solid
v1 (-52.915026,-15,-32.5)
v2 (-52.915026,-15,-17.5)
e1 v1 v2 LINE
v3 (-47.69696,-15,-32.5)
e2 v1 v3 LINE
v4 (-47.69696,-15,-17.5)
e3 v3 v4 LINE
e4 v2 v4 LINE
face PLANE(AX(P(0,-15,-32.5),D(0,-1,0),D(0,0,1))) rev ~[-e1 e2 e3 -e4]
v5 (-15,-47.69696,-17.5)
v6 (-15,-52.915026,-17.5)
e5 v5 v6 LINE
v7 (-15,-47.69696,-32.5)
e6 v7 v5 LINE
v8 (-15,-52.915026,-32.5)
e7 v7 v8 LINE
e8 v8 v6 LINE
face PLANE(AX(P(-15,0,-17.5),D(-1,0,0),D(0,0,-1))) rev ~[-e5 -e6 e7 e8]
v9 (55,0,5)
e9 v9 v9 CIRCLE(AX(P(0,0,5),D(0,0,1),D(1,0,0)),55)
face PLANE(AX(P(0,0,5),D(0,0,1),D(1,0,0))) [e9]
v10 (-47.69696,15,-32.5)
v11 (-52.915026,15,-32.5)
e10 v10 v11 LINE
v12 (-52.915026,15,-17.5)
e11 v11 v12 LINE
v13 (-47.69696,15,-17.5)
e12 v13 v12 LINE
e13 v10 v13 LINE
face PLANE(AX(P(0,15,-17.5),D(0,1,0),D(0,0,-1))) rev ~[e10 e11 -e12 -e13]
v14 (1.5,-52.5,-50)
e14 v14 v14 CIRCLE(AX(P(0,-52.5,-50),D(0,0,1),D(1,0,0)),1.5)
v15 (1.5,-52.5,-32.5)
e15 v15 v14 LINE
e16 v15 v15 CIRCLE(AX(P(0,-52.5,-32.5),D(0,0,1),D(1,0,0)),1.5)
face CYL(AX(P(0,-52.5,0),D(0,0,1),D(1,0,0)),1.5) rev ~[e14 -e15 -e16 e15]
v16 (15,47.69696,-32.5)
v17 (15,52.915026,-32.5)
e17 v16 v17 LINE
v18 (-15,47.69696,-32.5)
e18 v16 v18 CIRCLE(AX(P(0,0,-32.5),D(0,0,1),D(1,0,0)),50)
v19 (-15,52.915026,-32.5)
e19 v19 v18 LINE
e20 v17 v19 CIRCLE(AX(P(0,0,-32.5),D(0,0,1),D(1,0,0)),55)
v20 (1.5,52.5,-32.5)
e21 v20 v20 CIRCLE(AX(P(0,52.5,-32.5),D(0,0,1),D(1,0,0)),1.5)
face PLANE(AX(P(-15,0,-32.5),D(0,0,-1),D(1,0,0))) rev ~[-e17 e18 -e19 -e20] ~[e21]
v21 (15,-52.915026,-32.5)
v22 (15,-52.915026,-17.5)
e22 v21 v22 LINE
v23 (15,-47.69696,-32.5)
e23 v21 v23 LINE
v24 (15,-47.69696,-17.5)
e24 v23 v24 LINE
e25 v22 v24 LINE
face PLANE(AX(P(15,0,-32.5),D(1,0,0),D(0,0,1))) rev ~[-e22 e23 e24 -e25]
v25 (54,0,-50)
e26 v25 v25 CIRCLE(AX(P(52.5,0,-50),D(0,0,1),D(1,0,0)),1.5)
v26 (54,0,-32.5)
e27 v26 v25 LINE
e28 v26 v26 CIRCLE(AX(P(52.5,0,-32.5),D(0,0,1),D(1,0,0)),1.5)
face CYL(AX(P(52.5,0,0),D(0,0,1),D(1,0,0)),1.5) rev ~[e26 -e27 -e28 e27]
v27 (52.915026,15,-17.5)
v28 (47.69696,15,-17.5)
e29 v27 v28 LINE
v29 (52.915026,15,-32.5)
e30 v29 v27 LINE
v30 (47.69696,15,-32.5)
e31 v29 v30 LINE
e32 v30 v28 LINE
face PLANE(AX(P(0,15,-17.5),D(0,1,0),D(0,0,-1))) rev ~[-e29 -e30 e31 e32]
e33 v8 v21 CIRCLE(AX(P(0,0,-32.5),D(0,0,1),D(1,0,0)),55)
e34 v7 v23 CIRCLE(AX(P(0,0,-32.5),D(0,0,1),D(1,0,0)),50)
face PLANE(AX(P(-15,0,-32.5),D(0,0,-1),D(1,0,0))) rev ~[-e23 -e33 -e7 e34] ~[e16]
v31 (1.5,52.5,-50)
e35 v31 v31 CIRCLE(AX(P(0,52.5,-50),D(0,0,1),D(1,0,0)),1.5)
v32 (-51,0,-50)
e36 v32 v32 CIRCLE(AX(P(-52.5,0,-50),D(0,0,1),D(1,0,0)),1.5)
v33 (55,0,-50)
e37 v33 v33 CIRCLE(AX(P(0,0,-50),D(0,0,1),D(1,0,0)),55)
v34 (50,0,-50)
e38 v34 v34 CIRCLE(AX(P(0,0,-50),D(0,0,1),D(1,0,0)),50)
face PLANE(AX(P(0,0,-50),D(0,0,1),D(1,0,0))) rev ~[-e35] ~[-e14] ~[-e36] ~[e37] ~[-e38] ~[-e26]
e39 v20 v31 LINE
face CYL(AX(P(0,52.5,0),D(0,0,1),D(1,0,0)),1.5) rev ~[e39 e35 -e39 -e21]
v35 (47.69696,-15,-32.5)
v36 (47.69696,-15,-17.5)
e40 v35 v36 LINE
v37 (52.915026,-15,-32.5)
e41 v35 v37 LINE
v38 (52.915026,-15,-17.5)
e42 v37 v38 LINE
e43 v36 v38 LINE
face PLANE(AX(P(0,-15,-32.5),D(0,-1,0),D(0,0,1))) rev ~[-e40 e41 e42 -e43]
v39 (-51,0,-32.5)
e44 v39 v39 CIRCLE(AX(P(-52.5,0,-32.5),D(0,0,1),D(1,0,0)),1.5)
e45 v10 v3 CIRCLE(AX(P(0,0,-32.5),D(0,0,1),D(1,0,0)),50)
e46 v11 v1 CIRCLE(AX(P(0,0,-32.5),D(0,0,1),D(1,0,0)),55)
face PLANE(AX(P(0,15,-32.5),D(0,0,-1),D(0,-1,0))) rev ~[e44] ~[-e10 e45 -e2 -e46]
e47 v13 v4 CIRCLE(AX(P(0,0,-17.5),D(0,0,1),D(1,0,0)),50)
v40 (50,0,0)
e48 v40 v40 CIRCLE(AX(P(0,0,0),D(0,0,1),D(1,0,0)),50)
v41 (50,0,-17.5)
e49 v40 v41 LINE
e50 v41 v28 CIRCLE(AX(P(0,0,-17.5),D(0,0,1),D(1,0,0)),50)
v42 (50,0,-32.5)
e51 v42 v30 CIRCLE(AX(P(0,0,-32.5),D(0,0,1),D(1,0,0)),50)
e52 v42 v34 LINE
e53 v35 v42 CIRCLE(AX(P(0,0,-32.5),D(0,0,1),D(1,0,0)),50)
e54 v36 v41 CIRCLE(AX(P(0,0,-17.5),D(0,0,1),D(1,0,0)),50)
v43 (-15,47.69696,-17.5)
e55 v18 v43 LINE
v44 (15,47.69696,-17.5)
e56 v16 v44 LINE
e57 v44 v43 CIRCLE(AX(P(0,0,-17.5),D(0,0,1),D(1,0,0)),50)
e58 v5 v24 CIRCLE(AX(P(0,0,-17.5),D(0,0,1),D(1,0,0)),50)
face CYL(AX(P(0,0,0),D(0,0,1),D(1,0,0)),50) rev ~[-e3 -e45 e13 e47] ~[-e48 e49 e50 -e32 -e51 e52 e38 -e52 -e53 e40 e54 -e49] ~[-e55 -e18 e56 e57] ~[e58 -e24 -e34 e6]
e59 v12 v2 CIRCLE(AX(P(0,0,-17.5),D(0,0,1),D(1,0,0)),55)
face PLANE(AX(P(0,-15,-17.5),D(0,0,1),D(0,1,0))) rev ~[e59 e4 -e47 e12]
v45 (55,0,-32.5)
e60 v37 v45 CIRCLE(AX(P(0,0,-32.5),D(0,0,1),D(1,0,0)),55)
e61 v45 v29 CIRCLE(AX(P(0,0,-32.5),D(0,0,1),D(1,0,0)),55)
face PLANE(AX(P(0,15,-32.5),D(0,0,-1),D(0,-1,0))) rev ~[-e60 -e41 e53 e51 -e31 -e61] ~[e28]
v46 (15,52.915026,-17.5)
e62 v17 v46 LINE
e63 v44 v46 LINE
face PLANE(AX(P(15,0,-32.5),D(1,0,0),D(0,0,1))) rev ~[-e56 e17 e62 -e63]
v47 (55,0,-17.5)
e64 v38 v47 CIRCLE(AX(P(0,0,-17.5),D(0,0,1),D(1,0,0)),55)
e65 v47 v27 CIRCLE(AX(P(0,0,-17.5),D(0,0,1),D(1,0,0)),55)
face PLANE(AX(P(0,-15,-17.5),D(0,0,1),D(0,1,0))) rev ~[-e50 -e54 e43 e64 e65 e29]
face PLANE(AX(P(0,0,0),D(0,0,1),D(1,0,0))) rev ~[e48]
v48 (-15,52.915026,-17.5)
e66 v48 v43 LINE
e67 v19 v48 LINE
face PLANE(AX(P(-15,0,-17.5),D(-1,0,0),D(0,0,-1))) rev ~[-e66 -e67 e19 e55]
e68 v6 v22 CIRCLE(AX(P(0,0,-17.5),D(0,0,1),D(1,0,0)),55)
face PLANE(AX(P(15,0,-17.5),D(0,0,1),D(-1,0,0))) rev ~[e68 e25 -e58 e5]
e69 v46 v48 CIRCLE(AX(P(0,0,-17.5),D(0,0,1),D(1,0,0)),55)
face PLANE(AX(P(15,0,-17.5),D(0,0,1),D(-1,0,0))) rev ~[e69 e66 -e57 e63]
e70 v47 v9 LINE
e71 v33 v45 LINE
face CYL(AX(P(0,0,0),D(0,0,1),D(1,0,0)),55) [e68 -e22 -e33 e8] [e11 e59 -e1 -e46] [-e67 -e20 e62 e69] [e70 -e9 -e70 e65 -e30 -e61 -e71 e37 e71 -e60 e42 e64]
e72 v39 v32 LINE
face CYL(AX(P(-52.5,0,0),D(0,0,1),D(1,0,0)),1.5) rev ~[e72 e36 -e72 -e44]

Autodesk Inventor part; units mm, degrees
ref_plane "YZ Plane" through (0, 0, 0) normal (1, 0, 0) x (0, 1, 0)
ref_plane "XZ Plane" through (0, 0, 0) normal (0, 1, 0) x (-1, 0, 0)
ref_plane "XY Plane" through (0, 0, 0) normal (0, 0, 1) x (1, 0, 0)
sketch "Sketch1" plane through (0, 0, 0) normal (0, 0, 1) x (1, 0, 0)
  circle A0 centre (0, 0) radius 55
  circle A1 centre (0, 0) radius 50
  circle A2 centre (0, 52.5) radius 1.5
  circle A3 centre (-52.5, 0) radius 1.5
  circle A4 centre (0, -52.5) radius 1.5
  circle A5 centre (52.5, 0) radius 1.5
  dimension "d2" = 110
  dimension "d3" = 100
  dimension "d4" = 3
  dimension "d5" = 0
  dimension "d6" = 52.5
  dimension "d7" = 360
extrude "Extrusion1" add sketch "Sketch1" along normal blind 5 contours A0 | A1
extrude "Extrusion2" add sketch "Sketch1" against normal blind 50
extrude "Extrusion3" add sketch "Sketch1" along normal mid plane 10 contours A2 | A3 | A4 | A5
sketch "Sketch2" plane through (0, 0, 0) normal (0, 1, 0) x (-1, 0, 0)
  line L0 (-15, -17.5) -> (15, -17.5)
  line L1 (15, -17.5) -> (15, -32.5)
  line L2 (15, -32.5) -> (-15, -32.5)
  line L3 (-15, -32.5) -> (-15, -17.5)
  line L4 (-15, -17.5) -> (15, -32.5) construction
  line L5 (15, -17.5) -> (-15, -32.5) construction
  point P0 (0, 0)
  point P1 (0, -25)
  dimension "d14" = 0
  dimension "d15" = 25
  dimension "d16" = 30
  dimension "d17" = 15
extrude "Extrusion4" cut sketch "Sketch2" along normal through all both and the other way through all
pattern_circular "Circular Pattern1" count 3 over 180 about axis through (0, 0, 0) along (0, 0, -1) of "Extrusion4"
extrude "Extrusion5" add sketch "Sketch1" against normal blind 17.5 contours A2 | A3 | A4 | A5
equation "\"d2\" = Diameter"
equation "\"d6\" = 0.25 * d2 + 0.25 * d3"
equation "\"Diameter\" = 110"
properties part number "Base"
